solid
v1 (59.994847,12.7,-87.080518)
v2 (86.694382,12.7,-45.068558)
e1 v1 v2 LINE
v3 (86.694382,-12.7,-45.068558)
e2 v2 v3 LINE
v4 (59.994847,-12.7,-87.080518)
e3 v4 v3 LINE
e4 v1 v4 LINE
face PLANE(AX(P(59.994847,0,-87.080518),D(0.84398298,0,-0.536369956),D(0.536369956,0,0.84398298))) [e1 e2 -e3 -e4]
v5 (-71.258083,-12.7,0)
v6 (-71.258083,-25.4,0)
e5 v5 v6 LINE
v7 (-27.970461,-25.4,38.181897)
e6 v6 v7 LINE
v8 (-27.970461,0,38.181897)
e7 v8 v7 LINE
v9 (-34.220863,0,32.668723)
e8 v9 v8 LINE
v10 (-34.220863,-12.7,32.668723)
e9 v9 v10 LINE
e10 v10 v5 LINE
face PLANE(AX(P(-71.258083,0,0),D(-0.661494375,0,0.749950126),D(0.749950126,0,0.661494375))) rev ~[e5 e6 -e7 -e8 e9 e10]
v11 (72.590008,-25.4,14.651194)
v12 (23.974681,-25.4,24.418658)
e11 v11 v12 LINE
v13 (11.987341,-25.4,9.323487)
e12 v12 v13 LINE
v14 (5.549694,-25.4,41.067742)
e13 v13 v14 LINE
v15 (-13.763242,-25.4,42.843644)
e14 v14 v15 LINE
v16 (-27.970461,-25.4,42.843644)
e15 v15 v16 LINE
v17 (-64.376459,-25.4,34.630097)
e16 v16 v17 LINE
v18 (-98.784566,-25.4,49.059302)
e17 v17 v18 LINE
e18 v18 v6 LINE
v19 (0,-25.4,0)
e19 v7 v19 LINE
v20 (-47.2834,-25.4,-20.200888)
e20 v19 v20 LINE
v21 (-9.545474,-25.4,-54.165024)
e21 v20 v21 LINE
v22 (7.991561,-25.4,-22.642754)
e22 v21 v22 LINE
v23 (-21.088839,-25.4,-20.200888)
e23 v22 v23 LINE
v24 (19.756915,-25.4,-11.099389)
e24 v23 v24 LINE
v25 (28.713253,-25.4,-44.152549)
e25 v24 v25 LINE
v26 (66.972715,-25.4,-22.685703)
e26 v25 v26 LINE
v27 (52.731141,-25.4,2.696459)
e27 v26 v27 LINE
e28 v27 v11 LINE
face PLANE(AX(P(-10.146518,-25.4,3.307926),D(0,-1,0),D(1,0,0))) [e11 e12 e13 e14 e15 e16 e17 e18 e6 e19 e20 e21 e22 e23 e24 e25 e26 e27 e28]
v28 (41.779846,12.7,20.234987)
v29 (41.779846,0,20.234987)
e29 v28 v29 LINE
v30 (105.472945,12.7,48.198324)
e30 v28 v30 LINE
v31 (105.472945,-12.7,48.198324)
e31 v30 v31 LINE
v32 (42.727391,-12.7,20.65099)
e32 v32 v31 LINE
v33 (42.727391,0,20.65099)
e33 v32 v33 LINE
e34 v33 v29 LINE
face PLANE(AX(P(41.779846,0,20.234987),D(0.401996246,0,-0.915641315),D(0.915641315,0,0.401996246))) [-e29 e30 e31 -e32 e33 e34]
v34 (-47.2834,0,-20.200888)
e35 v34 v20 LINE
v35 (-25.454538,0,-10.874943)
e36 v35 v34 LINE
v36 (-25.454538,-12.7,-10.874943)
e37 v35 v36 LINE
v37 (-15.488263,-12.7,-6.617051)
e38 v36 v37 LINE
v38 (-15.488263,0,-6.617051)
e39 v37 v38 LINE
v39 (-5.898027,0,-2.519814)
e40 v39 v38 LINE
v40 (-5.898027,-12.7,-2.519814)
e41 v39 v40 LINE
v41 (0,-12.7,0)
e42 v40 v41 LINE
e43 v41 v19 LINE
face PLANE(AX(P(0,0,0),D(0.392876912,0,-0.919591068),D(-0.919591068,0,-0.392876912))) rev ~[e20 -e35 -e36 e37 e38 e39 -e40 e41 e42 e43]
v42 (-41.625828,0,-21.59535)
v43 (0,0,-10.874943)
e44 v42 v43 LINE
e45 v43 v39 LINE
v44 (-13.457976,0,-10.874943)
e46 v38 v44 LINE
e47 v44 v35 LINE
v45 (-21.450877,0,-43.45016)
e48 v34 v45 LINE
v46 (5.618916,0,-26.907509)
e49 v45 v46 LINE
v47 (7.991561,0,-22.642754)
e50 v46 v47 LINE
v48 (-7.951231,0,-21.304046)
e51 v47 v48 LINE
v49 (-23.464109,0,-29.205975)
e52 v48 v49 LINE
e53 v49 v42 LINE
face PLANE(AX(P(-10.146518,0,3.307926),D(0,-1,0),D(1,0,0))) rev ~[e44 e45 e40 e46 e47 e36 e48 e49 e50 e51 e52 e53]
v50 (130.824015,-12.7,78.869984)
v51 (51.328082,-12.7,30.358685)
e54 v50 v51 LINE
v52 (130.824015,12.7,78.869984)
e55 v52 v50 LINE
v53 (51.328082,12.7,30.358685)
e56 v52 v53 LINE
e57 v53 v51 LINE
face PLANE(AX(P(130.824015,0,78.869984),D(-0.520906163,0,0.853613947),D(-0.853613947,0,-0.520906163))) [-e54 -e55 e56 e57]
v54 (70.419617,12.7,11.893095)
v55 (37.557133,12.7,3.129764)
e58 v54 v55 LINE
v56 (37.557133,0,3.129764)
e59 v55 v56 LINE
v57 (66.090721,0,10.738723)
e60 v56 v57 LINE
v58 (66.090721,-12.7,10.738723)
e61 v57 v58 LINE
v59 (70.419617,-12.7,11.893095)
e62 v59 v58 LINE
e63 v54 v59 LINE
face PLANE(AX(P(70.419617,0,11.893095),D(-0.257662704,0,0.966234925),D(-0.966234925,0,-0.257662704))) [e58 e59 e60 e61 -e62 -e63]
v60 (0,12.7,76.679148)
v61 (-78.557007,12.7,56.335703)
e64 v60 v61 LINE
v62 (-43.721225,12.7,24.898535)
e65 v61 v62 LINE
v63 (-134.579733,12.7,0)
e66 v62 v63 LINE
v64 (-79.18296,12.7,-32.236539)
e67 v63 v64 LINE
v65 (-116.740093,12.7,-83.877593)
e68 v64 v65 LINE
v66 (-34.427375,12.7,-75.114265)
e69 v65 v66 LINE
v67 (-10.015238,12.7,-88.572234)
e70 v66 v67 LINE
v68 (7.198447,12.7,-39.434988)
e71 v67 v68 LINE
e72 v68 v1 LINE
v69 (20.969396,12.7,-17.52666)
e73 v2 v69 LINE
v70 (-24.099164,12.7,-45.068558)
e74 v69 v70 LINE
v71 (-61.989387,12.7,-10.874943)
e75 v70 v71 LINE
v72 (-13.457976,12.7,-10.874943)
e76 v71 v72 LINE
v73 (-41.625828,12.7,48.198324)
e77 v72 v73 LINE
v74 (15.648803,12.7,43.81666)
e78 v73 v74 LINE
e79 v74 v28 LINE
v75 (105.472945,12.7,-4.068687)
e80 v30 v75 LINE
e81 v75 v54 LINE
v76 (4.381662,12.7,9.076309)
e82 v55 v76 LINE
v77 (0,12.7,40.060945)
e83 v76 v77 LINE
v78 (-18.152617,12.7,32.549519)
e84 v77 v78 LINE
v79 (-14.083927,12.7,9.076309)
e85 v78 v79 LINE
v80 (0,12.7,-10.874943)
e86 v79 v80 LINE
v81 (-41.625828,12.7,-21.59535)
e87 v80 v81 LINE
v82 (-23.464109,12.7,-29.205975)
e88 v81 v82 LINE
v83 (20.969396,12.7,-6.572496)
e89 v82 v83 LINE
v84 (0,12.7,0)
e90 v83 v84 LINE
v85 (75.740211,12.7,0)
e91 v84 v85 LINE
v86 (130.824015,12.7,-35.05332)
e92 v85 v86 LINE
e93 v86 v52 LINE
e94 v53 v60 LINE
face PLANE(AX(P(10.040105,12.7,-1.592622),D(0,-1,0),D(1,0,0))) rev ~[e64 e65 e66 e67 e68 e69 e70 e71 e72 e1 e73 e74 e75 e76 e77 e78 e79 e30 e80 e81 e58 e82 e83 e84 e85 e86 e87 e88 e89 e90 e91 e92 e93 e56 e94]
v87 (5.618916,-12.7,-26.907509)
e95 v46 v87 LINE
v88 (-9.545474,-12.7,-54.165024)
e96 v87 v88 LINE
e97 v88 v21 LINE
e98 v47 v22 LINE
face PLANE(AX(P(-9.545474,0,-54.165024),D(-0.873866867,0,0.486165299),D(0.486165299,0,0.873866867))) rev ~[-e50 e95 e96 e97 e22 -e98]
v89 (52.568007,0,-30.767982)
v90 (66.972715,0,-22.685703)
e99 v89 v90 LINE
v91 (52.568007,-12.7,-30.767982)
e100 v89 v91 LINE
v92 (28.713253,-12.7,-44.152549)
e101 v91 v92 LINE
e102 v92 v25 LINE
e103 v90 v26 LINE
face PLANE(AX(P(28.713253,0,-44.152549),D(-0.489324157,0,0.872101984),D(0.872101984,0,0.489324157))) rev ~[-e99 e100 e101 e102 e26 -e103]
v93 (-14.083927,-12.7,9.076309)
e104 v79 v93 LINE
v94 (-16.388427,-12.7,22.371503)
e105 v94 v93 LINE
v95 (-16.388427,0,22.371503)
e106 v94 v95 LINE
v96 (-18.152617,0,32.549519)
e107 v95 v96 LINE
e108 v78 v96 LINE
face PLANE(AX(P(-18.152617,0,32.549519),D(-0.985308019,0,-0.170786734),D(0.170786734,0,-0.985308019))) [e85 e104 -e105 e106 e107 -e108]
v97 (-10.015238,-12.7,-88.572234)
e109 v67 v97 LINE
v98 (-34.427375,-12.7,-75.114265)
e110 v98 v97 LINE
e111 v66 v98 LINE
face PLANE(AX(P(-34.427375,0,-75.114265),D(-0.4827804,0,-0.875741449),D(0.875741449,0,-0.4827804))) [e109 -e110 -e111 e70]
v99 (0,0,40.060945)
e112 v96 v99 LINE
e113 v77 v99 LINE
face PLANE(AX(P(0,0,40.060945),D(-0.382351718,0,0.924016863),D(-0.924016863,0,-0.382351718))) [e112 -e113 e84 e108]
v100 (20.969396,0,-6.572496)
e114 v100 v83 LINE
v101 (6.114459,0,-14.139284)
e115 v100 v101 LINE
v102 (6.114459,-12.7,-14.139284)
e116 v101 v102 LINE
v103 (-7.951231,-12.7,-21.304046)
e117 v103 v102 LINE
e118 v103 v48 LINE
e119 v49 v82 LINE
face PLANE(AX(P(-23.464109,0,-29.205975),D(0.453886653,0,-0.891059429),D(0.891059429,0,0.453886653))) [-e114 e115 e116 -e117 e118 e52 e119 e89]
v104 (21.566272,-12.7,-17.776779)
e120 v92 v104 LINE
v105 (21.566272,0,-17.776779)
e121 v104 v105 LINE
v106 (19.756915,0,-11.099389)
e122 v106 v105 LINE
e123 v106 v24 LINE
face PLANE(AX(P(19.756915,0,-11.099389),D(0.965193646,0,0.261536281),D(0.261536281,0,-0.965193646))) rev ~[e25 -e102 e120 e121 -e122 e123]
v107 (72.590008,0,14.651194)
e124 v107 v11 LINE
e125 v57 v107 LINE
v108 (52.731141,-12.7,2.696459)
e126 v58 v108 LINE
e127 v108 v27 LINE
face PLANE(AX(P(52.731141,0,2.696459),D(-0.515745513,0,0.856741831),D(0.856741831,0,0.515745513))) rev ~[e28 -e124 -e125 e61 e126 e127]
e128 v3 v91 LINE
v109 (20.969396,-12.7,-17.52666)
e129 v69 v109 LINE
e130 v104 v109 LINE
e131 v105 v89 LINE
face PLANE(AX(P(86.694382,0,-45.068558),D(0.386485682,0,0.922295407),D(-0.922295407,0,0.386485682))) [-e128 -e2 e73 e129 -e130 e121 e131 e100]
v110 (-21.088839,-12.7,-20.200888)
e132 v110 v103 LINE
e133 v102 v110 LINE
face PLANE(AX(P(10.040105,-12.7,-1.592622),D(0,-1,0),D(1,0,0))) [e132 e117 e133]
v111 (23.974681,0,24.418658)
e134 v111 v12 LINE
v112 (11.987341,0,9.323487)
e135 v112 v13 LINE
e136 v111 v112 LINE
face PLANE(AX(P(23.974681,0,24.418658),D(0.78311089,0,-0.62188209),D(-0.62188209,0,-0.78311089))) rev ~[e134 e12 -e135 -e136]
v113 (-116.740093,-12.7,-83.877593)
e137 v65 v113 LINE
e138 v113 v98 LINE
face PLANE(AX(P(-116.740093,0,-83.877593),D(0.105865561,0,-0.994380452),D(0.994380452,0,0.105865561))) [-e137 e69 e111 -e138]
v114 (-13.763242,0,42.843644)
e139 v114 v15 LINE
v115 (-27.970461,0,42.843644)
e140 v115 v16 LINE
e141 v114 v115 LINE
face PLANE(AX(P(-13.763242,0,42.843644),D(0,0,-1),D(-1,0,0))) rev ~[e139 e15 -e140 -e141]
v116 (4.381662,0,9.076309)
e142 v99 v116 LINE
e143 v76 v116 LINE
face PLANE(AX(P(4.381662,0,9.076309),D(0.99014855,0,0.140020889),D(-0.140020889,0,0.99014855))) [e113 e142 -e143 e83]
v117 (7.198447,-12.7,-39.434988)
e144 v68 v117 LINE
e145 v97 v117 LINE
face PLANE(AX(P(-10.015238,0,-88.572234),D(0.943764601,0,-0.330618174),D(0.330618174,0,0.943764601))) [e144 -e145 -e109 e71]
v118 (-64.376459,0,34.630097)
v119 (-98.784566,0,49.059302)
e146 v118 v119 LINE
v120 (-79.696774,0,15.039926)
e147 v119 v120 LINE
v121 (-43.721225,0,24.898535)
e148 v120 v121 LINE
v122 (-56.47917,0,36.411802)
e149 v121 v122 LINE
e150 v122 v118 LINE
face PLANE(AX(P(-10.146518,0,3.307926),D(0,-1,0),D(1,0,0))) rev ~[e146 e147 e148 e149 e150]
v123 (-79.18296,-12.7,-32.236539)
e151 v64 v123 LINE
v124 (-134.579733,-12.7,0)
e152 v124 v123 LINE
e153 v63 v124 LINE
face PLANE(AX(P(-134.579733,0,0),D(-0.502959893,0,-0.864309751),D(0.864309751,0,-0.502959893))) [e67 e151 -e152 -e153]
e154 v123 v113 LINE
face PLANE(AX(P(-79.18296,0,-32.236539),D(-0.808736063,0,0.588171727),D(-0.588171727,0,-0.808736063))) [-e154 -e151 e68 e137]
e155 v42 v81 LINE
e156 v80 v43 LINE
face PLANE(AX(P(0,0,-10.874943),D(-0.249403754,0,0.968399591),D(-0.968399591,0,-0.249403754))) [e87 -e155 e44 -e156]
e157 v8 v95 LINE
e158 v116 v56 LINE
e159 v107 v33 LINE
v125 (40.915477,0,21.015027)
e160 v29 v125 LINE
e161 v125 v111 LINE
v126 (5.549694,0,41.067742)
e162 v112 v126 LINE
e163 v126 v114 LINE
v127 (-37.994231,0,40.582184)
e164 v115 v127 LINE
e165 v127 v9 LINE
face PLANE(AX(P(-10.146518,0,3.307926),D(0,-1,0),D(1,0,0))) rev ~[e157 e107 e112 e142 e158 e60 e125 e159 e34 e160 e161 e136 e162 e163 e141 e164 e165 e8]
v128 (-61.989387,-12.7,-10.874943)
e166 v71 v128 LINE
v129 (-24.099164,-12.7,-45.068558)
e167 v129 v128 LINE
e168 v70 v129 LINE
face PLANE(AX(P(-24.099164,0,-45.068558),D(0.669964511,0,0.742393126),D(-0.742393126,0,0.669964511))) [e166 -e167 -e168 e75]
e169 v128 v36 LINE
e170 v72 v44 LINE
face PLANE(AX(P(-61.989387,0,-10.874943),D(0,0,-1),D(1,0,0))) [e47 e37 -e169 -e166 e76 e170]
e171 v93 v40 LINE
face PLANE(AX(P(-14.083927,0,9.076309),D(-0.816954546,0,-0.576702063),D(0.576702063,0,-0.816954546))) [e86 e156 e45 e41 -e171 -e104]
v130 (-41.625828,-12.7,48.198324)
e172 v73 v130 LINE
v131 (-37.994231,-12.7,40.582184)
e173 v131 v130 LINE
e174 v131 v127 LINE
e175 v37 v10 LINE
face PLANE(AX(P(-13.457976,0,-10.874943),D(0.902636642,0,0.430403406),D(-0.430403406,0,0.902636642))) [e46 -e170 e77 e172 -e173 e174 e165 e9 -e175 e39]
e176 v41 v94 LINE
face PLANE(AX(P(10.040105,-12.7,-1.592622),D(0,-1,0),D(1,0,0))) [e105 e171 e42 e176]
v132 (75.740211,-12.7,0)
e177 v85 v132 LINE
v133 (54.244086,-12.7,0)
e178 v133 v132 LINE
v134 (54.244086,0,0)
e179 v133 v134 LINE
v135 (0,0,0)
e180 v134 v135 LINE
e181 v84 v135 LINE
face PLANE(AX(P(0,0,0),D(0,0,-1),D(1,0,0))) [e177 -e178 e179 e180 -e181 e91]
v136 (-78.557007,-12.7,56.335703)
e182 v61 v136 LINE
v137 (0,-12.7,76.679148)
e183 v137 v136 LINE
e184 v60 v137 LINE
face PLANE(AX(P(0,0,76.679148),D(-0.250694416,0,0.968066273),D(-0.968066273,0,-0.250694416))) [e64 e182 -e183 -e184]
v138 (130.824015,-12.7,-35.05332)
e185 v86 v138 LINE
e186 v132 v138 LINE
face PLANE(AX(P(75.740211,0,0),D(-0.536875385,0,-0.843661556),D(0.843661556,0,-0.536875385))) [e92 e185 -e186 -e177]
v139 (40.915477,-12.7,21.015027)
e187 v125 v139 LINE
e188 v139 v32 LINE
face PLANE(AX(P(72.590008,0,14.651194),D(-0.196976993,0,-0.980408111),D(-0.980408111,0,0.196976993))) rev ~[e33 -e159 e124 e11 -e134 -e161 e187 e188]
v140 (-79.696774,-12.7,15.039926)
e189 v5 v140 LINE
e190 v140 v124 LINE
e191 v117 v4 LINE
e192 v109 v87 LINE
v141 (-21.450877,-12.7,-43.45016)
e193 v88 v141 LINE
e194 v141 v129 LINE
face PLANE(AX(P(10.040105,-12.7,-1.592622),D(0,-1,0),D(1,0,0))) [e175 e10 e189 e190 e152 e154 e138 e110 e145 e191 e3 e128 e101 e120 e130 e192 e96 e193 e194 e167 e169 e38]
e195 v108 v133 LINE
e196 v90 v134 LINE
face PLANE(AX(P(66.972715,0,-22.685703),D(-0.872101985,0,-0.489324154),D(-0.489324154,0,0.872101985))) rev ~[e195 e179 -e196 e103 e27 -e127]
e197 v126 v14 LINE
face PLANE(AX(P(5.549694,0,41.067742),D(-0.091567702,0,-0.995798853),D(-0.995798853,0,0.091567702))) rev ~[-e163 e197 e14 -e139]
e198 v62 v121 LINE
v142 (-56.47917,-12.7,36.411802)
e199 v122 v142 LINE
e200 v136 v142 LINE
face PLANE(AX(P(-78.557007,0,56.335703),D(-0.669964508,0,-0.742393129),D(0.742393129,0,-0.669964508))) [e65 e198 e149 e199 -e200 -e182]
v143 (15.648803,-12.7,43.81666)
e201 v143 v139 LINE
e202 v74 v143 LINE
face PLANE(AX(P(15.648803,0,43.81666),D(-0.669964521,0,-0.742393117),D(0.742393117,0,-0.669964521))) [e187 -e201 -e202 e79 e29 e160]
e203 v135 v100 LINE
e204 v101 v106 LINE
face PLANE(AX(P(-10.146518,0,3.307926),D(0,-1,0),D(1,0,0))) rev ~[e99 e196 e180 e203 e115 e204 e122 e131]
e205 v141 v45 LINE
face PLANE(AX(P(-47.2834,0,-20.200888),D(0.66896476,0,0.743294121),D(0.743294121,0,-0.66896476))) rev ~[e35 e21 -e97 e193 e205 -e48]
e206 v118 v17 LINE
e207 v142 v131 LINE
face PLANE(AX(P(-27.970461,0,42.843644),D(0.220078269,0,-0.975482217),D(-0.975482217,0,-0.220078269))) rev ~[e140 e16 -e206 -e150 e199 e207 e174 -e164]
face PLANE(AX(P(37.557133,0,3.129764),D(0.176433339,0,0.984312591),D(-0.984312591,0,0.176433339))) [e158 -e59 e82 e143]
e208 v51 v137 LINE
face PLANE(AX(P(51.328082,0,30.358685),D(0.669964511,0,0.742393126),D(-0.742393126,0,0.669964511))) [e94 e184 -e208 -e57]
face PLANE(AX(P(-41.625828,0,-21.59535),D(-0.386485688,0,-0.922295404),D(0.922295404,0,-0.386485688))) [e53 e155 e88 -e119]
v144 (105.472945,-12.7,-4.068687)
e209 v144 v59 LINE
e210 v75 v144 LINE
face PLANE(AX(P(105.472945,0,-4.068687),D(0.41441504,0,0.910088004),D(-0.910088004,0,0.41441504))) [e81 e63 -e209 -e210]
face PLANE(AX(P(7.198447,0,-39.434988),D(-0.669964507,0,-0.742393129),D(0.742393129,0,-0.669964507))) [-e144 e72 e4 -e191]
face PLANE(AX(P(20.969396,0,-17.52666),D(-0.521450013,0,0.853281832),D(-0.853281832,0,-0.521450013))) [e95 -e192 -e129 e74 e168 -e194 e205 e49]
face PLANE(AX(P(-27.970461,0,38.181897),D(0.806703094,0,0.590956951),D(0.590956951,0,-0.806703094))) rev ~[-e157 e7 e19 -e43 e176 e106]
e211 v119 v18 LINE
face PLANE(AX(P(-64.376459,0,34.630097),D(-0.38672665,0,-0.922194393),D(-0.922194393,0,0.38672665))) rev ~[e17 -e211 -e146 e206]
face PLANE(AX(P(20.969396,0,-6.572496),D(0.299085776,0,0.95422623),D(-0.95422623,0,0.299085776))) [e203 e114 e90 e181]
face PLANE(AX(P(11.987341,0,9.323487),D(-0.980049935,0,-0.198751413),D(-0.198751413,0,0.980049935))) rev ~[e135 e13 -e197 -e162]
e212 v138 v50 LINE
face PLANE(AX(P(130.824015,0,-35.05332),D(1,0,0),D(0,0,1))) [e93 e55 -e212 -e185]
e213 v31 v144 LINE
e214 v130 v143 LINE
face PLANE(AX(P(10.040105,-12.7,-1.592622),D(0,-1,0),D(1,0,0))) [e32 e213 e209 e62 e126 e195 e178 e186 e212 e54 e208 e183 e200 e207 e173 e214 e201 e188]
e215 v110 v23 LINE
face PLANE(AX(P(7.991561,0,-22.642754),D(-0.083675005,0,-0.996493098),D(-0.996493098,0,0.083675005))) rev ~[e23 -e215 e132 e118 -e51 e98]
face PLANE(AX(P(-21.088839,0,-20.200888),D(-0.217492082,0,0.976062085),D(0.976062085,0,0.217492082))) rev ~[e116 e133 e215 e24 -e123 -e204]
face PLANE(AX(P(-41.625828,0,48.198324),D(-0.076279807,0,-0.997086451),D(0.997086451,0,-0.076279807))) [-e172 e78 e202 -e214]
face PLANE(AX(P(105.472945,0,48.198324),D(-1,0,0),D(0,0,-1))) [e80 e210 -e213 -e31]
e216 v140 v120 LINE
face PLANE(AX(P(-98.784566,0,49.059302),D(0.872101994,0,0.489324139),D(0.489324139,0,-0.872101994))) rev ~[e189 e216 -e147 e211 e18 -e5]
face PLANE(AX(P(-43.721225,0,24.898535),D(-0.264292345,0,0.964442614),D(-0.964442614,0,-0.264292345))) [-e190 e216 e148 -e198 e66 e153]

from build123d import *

# Parameters (mm, degrees)
F1_DEPTH = 12.7
F3_DEPTH = 25.4


with BuildPart() as f1:
    # F0 (on Front) → F1 (new body, symmetric)
    with BuildSketch(Plane.XZ):
        Polygon((20.969396, -6.572496), (0, 0), (75.740211, 0), (130.824015, -35.05332), (130.824015, 78.869984), (51.328082, 30.358685), (0, 76.679148), (-78.557007, 56.335703), (-43.721225, 24.898535), (-134.579733, 0), (-79.18296, -32.236539), (-116.740093, -83.877593), (-34.427375, -75.114265), (-10.015238, -88.572234), (7.198447, -39.434988), (59.994847, -87.080518), (86.694382, -45.068558), (20.969396, -17.52666), (-24.099164, -45.068558), (-61.989387, -10.874943), (-13.457976, -10.874943), (-41.625828, 48.198324), (15.648803, 43.81666), (41.779846, 20.234987), (105.472945, 48.198324), (105.472945, -4.068687), (70.419617, 11.893095), (37.557133, 3.129764), (4.381662, 9.076309), (0, 40.060945), (-18.152617, 32.549519), (-14.083927, 9.076309), (0, -10.874943), (-41.625828, -21.59535), (-23.464109, -29.205975), align=None)
    extrude(amount=F1_DEPTH, both=True)

    # F2 (on Front) → F3 (join)
    with BuildSketch(Plane.XZ):
        Polygon((-64.376459, 34.630097), (-98.784566, 49.059302), (-71.258083, 0), (-27.970461, 38.181897), (0, 0), (-47.2834, -20.200888), (-9.545474, -54.165024), (7.991561, -22.642754), (-21.088839, -20.200888), (19.756915, -11.099389), (28.713253, -44.152549), (66.972715, -22.685703), (52.731141, 2.696459), (72.590008, 14.651194), (23.974681, 24.418658), (11.987341, 9.323487), (5.549694, 41.067742), (-13.763242, 42.843644), (-27.970461, 42.843644), align=None)
    extrude(amount=F3_DEPTH)


solid = f1.part
